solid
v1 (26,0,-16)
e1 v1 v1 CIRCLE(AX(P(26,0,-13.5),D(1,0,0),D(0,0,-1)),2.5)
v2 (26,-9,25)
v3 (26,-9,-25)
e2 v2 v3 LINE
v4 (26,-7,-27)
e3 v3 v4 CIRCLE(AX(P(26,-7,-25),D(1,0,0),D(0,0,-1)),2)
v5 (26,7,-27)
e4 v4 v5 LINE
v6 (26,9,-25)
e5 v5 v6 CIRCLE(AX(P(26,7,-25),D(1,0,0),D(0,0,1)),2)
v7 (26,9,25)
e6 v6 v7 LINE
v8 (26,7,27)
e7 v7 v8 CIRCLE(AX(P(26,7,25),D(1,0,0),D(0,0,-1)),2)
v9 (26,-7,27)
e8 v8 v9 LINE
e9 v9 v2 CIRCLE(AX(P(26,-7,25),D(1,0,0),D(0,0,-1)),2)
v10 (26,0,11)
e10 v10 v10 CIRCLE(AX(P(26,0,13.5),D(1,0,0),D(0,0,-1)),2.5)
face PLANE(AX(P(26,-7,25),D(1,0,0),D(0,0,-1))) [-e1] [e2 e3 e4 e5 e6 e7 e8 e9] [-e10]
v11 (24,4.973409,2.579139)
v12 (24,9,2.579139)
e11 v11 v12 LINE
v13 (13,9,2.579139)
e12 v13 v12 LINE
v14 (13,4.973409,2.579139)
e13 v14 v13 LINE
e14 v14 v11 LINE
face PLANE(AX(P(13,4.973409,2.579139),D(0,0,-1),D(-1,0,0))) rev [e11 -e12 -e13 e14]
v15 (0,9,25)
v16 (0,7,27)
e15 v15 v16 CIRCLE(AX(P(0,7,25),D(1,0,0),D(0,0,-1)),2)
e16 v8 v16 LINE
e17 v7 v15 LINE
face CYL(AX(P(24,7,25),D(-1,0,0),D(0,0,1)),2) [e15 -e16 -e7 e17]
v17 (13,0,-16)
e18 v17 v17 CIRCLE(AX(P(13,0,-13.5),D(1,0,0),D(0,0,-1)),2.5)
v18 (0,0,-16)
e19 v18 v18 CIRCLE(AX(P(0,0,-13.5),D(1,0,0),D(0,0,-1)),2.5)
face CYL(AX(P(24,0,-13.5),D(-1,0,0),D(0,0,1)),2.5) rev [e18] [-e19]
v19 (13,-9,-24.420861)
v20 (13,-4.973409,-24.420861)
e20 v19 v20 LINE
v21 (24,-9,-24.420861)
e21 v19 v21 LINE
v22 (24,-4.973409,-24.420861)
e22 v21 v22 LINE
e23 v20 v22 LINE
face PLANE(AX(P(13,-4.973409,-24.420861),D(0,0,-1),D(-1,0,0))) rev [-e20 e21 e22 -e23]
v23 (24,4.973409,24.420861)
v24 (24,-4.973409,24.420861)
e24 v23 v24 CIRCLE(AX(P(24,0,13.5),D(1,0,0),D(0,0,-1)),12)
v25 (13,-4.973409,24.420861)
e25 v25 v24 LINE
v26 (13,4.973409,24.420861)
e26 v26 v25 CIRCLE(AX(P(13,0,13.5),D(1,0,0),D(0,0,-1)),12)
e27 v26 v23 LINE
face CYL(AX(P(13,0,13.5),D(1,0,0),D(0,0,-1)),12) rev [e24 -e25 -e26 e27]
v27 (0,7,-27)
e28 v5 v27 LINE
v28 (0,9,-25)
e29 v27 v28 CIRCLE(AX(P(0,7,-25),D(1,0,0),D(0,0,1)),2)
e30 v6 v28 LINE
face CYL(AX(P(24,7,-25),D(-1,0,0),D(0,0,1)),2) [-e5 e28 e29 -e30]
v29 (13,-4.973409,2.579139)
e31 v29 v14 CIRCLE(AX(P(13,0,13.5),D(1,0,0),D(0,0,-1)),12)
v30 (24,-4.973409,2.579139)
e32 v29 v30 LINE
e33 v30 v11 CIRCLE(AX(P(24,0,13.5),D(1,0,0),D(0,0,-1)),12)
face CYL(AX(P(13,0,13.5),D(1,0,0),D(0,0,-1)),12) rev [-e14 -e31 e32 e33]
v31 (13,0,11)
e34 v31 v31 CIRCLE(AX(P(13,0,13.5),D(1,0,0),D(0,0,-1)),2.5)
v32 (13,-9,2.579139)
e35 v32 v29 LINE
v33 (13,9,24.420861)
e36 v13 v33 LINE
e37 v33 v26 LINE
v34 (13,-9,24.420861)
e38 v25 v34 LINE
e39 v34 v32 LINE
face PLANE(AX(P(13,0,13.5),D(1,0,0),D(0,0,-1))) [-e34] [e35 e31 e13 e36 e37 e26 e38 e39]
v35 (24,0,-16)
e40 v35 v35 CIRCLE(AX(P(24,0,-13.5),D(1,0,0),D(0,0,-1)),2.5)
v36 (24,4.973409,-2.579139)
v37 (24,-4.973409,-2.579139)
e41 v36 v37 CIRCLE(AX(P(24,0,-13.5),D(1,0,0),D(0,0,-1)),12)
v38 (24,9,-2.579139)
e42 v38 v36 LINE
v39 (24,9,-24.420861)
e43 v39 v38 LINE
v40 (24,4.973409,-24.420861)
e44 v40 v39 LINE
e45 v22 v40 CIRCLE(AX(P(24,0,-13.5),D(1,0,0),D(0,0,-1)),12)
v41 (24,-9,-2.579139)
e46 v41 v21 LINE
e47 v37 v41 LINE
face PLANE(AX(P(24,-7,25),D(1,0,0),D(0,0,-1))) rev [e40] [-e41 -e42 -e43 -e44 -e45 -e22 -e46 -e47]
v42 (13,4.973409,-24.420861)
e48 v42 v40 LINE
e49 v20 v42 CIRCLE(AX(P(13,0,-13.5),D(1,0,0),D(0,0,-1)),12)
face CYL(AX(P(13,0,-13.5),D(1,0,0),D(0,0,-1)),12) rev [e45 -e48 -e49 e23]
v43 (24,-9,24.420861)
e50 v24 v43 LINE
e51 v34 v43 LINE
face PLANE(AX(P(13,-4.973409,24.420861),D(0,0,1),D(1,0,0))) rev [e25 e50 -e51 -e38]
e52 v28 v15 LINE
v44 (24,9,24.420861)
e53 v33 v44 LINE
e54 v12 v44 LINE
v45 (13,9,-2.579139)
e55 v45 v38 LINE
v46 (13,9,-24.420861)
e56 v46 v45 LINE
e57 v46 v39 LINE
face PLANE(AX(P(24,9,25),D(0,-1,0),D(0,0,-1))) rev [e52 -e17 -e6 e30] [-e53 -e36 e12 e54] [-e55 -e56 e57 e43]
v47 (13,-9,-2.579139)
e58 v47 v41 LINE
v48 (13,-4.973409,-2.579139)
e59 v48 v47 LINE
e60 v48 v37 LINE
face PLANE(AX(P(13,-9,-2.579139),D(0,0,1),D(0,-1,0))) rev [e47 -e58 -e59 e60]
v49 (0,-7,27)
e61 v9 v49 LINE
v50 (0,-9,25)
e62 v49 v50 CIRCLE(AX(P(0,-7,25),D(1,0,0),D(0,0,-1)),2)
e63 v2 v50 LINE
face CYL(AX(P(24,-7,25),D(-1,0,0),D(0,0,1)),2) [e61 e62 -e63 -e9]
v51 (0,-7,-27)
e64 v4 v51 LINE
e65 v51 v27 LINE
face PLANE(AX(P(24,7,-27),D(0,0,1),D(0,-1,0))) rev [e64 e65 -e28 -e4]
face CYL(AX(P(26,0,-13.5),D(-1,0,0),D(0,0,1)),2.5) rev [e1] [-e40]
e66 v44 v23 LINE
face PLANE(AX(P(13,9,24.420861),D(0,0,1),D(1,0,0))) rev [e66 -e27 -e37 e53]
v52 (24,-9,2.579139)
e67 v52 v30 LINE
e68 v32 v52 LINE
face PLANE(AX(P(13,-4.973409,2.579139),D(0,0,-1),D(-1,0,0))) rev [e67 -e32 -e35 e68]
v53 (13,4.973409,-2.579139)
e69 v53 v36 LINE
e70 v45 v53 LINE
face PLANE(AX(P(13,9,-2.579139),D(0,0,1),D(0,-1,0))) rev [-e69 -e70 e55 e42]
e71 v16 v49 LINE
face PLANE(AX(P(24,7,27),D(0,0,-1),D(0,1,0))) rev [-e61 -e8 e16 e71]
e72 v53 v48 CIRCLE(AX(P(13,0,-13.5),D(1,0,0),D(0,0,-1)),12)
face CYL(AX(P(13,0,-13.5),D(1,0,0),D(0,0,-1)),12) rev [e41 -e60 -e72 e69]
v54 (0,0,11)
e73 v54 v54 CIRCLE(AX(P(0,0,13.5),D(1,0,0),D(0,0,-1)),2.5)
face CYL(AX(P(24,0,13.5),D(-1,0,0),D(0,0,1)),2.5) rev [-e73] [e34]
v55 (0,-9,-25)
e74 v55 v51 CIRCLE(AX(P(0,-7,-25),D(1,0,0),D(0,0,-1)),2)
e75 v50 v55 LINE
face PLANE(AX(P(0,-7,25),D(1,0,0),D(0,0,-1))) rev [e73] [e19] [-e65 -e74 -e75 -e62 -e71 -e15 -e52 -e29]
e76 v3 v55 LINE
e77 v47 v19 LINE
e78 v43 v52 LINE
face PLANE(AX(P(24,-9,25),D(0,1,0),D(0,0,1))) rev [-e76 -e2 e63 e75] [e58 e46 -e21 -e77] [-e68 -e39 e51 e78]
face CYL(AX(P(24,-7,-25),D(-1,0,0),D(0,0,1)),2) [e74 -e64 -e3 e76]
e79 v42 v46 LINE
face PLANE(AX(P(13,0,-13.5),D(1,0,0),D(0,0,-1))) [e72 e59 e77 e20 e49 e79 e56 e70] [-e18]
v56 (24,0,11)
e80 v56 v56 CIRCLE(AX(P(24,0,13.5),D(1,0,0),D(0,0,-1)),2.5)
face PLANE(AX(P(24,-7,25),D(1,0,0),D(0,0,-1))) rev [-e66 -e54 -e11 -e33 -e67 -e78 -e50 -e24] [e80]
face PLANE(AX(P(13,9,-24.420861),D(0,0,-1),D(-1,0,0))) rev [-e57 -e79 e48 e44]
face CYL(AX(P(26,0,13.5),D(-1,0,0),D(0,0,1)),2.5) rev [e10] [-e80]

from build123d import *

# Parameters (mm, degrees)
SKETCH_1_R          = 2.5
EXTRUDE_1_DEPTH     = 24
CUT_EXTRUDE_1_DEPTH = 11
SKETCH_3_R          = 2.5
EXTRUDE_2_DEPTH     = 2


with BuildPart() as part:
    # Эскиз1 → Бобышка-Вытянуть1 (new body)
    with BuildSketch(Plane(origin=(0, 0, 0), x_dir=(0, 0, -1), z_dir=(1, 0, 0))):
        with BuildLine():
            Line((-25, 9), (25, 9))
            ThreePointArc((25, 9), (26.414213562, 8.414213562), (27, 7))
            Line((27, 7), (27, -7))
            ThreePointArc((27, -7), (26.414213562, -8.414213562), (25, -9))
            Line((25, -9), (-25, -9))
            ThreePointArc((-25, -9), (-26.414213562, -8.414213562), (-27, -7))
            Line((-27, -7), (-27, 7))
            ThreePointArc((-27, 7), (-26.414213562, 8.414213562), (-25, 9))
        make_face()
        with Locations((-13.5, 0)):
            Circle(SKETCH_1_R, mode=Mode.SUBTRACT)
        with Locations((13.5, 0)):
            Circle(SKETCH_1_R, mode=Mode.SUBTRACT)
    extrude(amount=EXTRUDE_1_DEPTH)

    # Эскиз2 → Вырез-Вытянуть1 (cut)
    with BuildSketch(Plane(origin=(24, 0, 0), x_dir=(0, 0, -1), z_dir=(1, 0, 0))):
        with BuildLine():
            Line((-24.420860707, 9), (-24.420860707, 4.973409436))
            ThreePointArc((-24.420860707, 4.973409436), (-25.5, 0), (-24.420860707, -4.973409436))
            Line((-24.420860707, -4.973409436), (-24.420860707, -9))
            Line((-24.420860707, -9), (-2.579139293, -9))
            Line((-2.579139293, -9), (-2.579139293, -4.973409436))
            ThreePointArc((-2.579139293, -4.973409436), (-1.5, 0), (-2.579139293, 4.973409436))
            Line((-2.579139293, 4.973409436), (-2.579139293, 9))
            Line((-2.579139293, 9), (-24.420860707, 9))
        make_face()
        with BuildLine():
            Line((24.420860707, -4.973409436), (24.420860707, -9))
            Line((24.420860707, -9), (2.579139293, -9))
            Line((2.579139293, -9), (2.579139293, -4.973409436))
            ThreePointArc((2.579139293, -4.973409436), (1.5, 0), (2.579139293, 4.973409436))
            Line((2.579139293, 4.973409436), (2.579139293, 9))
            Line((2.579139293, 9), (24.420860707, 9))
            Line((24.420860707, 9), (24.420860707, 4.973409436))
            ThreePointArc((24.420860707, 4.973409436), (25.5, 0), (24.420860707, -4.973409436))
        make_face()
    extrude(amount=-CUT_EXTRUDE_1_DEPTH, mode=Mode.SUBTRACT)

    # Эскиз3 → Бобышка-Вытянуть2 (add)
    with BuildSketch(Plane(origin=(24, 0, 0), x_dir=(0, 0, -1), z_dir=(1, 0, 0))):
        with BuildLine():
            Line((-25, 9), (25, 9))
            ThreePointArc((25, 9), (26.414213562, 8.414213562), (27, 7))
            Line((27, 7), (27, -7))
            ThreePointArc((27, -7), (26.414213562, -8.414213562), (25, -9))
            Line((25, -9), (-25, -9))
            ThreePointArc((-25, -9), (-26.414213562, -8.414213562), (-27, -7))
            Line((-27, -7), (-27, 7))
            ThreePointArc((-27, 7), (-26.414213562, 8.414213562), (-25, 9))
        make_face()
        with Locations((-13.5, 0)):
            Circle(SKETCH_3_R, mode=Mode.SUBTRACT)
        with Locations((13.5, 0)):
            Circle(SKETCH_3_R, mode=Mode.SUBTRACT)
    extrude(amount=EXTRUDE_2_DEPTH)


solid = part.part
